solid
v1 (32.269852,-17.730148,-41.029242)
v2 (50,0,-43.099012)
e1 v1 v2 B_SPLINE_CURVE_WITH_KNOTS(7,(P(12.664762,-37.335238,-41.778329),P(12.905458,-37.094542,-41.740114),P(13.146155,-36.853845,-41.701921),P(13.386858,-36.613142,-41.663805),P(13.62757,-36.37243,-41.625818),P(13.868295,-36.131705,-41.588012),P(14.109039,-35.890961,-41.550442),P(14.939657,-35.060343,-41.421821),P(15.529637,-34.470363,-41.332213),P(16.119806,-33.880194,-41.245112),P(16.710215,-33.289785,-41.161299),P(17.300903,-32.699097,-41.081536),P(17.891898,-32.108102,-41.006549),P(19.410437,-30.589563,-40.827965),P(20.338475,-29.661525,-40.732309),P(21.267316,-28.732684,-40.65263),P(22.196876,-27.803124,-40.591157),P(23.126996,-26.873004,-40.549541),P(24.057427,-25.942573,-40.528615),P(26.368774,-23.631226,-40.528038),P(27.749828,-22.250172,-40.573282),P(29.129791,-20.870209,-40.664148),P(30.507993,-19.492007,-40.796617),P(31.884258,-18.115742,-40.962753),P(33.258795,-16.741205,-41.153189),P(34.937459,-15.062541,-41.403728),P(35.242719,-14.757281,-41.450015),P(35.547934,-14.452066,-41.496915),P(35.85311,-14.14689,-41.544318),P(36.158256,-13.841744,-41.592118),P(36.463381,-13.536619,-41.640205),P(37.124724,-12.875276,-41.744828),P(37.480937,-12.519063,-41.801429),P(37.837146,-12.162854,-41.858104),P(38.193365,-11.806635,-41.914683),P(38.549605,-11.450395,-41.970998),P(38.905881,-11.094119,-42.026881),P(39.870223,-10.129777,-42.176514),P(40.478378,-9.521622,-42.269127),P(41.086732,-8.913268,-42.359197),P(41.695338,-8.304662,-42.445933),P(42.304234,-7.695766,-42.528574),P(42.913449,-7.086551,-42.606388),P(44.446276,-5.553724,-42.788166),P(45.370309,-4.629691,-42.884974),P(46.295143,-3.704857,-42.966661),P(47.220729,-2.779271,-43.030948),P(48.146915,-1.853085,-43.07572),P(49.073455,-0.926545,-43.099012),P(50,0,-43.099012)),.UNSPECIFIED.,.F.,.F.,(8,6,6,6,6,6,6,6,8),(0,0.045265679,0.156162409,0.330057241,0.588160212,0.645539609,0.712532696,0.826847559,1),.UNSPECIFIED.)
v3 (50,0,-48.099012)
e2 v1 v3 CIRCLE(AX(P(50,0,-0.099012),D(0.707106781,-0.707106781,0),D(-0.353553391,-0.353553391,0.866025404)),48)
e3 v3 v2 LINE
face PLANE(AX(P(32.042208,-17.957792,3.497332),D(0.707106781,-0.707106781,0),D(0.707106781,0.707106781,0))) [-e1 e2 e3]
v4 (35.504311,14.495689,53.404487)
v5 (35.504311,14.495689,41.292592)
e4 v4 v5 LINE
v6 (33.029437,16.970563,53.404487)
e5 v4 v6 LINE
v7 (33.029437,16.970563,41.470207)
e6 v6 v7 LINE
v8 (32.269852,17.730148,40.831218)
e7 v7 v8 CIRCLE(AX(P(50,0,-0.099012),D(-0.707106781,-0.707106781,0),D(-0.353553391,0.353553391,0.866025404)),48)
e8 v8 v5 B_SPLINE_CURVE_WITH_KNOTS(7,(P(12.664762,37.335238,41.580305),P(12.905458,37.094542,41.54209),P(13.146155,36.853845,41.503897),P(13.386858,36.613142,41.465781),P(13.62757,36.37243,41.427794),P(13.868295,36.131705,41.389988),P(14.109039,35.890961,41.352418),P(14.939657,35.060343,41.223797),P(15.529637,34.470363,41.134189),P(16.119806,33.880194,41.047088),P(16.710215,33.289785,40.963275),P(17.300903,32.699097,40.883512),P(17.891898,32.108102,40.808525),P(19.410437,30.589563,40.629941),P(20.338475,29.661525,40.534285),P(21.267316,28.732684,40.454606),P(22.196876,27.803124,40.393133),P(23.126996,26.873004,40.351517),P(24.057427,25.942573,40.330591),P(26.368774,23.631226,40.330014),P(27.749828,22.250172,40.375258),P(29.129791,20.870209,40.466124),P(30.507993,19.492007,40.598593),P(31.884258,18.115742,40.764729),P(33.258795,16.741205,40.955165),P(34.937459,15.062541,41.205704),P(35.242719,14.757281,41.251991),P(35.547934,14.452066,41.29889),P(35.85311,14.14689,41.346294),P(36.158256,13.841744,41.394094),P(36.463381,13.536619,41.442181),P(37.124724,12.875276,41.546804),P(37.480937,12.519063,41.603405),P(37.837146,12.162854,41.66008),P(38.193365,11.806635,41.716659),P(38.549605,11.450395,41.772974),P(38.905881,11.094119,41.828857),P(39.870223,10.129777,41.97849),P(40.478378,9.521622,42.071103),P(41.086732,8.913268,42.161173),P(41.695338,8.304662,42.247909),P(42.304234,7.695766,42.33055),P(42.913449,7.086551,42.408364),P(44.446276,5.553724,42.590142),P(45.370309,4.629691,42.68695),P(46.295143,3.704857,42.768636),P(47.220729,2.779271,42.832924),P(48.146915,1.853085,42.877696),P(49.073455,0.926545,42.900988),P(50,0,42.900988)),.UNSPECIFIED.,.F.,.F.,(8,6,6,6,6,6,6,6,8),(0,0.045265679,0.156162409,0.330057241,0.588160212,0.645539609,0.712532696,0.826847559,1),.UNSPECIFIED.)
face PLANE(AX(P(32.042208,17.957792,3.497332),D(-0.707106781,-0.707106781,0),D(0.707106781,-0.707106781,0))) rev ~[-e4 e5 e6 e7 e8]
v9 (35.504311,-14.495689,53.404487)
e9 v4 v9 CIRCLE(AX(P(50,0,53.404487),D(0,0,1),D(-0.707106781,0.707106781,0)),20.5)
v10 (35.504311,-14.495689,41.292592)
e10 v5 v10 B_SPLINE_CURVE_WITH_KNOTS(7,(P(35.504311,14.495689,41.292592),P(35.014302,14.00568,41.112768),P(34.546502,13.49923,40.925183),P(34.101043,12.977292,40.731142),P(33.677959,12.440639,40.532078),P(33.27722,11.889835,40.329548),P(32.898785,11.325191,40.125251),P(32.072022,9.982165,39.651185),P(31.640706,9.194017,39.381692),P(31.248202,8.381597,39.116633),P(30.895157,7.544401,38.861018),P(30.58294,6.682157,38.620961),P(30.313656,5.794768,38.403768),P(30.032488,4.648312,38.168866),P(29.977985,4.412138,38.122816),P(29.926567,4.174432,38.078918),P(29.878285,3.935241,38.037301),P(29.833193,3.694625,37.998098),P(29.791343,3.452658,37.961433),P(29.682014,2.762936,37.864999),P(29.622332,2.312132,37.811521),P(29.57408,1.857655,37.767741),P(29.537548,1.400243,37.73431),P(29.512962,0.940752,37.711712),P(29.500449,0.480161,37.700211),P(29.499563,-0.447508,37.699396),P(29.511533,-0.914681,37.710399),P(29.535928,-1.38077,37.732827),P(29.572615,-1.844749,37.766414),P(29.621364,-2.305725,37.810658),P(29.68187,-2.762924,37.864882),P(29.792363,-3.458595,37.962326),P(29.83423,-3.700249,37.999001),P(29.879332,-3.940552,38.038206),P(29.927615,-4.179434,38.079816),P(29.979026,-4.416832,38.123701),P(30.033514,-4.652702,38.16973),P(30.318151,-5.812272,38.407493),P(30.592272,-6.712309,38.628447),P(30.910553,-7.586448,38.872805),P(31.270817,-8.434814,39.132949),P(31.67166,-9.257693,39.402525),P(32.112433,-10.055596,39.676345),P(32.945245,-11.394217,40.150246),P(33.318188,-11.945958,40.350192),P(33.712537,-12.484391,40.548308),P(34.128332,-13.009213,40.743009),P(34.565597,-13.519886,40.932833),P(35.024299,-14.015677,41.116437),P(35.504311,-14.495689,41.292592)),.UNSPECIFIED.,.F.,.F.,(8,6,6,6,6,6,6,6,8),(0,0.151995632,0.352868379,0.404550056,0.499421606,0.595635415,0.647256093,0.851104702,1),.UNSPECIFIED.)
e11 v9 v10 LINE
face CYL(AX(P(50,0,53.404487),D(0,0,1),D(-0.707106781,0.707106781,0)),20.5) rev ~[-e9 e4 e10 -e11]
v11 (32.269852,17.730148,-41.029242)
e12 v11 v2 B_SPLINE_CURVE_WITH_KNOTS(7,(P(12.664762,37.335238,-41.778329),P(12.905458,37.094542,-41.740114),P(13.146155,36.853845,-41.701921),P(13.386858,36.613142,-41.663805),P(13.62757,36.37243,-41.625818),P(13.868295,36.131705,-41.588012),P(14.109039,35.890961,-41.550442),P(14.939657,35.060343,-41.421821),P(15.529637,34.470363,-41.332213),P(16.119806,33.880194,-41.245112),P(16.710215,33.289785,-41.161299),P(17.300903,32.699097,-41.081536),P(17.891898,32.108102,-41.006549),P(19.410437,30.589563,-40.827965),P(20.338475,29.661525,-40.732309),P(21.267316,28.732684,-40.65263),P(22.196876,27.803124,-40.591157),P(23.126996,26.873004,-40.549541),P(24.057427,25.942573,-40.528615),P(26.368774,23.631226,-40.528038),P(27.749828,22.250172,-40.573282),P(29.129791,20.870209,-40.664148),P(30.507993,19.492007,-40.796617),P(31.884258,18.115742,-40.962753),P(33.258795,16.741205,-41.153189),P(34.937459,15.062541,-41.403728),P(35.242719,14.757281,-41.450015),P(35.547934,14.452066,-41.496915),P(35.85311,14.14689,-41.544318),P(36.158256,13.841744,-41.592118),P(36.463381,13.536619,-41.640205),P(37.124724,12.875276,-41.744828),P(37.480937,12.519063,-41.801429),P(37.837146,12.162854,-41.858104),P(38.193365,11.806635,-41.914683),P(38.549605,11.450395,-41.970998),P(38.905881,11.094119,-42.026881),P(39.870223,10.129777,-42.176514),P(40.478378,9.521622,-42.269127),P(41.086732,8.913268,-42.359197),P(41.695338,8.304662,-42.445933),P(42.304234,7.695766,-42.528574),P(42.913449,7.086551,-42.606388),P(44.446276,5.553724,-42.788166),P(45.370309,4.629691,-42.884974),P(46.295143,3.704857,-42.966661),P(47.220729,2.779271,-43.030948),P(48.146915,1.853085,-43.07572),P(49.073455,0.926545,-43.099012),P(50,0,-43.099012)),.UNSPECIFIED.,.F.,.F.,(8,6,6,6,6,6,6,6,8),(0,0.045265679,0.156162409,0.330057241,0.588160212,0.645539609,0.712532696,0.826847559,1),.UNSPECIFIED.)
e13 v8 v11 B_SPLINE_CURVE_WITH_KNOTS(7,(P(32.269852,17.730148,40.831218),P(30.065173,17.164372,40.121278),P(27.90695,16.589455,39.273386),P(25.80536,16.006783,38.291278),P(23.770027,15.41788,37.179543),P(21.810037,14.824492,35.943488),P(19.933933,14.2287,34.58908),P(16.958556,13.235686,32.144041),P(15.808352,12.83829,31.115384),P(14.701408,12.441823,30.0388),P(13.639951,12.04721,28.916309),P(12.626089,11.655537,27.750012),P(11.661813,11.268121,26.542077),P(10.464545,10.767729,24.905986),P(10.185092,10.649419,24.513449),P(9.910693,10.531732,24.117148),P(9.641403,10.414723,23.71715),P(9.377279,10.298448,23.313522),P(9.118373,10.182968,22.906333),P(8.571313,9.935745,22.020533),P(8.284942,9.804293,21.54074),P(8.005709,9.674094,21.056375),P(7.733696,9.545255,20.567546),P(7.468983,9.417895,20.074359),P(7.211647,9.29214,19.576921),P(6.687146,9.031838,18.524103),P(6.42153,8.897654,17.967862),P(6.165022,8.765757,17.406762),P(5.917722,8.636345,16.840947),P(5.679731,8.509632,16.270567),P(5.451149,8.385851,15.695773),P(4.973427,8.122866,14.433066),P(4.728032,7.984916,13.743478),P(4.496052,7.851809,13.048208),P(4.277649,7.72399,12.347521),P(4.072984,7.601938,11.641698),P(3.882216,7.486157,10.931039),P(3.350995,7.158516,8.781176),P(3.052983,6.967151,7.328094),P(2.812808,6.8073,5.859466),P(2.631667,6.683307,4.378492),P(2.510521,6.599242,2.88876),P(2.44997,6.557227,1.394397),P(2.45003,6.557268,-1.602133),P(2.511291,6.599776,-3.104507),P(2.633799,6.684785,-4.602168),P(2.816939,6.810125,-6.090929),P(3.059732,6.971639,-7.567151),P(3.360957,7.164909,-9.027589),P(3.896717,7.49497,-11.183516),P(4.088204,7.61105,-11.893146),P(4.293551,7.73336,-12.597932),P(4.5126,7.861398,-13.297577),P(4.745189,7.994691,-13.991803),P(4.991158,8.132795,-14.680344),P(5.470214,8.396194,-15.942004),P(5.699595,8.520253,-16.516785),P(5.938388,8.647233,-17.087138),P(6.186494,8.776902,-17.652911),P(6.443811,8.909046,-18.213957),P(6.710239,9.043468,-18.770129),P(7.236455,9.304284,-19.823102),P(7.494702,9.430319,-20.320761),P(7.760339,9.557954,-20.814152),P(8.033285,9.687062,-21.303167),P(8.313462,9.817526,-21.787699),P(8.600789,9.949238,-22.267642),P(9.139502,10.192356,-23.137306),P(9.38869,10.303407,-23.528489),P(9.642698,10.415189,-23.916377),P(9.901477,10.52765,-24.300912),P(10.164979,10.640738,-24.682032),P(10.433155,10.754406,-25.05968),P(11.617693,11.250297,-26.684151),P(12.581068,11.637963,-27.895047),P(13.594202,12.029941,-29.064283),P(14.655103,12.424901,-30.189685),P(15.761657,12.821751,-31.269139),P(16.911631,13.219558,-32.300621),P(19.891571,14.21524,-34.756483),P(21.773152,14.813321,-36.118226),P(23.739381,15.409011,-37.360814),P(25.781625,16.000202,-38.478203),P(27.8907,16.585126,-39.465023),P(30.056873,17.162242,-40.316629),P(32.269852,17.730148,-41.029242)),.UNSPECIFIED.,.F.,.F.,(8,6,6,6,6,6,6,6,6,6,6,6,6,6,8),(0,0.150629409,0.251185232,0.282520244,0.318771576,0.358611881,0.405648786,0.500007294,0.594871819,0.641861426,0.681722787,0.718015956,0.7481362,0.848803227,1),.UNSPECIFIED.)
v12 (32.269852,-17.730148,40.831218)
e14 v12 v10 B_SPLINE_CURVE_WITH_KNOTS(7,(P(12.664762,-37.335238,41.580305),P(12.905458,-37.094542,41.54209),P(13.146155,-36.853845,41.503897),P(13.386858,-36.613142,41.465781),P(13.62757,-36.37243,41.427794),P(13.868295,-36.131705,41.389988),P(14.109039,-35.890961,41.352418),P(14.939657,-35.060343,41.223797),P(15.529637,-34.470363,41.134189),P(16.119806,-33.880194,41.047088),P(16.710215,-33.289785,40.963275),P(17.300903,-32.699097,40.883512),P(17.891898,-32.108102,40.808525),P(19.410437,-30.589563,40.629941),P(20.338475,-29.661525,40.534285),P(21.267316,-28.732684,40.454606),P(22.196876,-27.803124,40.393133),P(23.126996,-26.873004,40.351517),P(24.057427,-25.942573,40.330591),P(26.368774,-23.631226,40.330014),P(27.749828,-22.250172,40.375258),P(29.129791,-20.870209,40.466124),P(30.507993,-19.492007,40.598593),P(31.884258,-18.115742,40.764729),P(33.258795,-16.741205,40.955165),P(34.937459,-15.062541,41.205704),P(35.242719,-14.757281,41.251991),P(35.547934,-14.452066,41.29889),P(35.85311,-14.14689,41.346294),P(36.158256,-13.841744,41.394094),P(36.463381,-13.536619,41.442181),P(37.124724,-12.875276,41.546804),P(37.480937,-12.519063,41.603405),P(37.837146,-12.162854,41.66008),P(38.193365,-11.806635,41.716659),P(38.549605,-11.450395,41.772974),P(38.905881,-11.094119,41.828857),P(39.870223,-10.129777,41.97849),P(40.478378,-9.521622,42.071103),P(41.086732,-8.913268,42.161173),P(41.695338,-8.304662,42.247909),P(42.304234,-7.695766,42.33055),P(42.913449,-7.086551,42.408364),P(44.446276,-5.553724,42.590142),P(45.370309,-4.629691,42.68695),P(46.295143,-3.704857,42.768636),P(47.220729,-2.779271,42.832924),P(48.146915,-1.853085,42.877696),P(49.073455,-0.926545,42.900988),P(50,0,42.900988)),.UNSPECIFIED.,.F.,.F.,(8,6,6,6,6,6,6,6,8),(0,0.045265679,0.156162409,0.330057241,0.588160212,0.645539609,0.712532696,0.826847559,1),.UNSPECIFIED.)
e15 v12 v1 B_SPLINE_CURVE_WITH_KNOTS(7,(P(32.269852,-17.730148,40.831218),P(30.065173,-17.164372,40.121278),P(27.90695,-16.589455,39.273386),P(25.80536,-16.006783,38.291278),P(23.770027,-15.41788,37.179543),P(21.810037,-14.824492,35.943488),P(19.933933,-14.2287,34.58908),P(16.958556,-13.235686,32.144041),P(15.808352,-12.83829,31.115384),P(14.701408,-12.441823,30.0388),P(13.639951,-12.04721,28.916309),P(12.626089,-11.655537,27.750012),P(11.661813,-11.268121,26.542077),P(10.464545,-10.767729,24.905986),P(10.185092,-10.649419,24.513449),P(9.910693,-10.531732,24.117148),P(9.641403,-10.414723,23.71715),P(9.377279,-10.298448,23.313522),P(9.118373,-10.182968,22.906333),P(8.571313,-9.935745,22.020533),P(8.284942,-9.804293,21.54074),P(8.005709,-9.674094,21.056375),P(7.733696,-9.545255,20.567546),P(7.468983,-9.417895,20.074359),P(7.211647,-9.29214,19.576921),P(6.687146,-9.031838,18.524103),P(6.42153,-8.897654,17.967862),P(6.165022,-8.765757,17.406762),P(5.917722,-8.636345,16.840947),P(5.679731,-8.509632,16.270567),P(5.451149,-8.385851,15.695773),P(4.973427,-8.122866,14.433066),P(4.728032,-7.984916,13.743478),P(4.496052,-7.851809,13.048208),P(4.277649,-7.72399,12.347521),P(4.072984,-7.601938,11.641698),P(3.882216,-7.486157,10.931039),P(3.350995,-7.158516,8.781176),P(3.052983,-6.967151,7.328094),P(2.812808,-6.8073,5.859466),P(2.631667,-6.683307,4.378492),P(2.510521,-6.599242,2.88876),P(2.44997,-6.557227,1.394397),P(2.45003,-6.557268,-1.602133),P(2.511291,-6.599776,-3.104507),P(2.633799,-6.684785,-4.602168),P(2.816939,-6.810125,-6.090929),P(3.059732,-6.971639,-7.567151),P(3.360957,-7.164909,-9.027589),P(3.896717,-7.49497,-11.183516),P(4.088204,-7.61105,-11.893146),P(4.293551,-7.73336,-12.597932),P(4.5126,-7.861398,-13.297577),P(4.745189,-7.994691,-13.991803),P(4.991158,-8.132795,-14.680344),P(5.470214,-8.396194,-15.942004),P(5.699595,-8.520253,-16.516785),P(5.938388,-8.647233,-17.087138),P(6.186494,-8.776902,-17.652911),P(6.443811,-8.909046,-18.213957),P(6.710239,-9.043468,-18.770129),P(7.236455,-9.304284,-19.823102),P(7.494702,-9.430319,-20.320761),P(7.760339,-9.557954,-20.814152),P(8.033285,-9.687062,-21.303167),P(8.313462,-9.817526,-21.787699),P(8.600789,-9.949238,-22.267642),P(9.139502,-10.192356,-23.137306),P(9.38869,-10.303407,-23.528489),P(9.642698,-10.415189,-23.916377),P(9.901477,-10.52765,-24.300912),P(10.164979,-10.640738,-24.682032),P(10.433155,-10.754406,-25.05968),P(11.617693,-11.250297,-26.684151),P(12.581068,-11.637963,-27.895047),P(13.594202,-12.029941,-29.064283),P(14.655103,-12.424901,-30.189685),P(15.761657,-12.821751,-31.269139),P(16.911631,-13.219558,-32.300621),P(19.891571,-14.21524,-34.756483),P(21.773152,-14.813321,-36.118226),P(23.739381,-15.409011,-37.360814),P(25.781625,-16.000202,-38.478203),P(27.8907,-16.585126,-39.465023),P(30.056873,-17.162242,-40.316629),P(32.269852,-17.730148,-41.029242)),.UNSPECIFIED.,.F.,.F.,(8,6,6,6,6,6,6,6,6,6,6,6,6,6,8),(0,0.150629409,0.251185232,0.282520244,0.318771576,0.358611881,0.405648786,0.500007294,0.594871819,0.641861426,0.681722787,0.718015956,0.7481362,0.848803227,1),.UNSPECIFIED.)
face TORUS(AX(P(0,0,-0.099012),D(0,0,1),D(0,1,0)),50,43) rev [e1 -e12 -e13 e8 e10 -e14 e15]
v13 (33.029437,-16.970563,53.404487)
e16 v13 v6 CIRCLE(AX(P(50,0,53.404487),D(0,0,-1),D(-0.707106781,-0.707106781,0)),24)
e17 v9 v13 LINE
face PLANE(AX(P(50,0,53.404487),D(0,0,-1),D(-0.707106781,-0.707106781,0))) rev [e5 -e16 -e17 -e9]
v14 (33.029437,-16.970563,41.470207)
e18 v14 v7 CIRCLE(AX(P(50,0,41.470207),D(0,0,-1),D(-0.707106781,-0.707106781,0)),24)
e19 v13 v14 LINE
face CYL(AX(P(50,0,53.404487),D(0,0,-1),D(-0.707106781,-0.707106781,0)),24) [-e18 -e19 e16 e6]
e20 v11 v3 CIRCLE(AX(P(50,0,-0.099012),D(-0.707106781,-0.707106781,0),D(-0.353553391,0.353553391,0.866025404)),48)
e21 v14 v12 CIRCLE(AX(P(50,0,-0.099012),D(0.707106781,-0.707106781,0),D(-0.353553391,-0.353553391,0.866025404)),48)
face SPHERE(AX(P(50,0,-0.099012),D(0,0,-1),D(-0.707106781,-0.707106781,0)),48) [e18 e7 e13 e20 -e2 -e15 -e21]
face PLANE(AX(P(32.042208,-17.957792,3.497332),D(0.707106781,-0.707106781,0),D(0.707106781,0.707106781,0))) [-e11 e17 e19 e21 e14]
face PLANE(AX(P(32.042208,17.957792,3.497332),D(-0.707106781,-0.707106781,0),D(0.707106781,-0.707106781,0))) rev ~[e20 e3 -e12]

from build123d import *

# Parameters (mm, degrees)
F1_ANGLE_BACK = 45
F1_ANGLE      = 90
F2_ANGLE_BACK = 90
F2_ANGLE      = 180
F4_DEPTH      = 25


with BuildPart() as f1:
    # F0 (on Front) → F1 (revolve)
    with BuildSketch(Plane.XZ, mode=Mode.PRIVATE) as f1_sk:
        with BuildLine():
            Line((50, 42.9009879801), (50, 53.4044873264))
            Line((50, 53.4044873264), (26, 53.4044873264))
            Line((26, 53.4044873264), (26, 41.4702073618))
            ThreePointArc((26, 41.4702073618), (3.6355603381, -12.5223261848), (50, -48.0990120199))
            Line((50, -48.0990120199), (50, -43.0990120199))
            ThreePointArc((50, -43.0990120199), (7, -0.0990120199), (50, 42.9009879801))
        make_face()
    revolve(f1_sk.sketch.rotate(Axis((50, 0, -0.0990120199), (0, 0, -1)), -F1_ANGLE_BACK), axis=Axis((50, 0, -0.0990120199), (0, 0, -1)), revolution_arc=F1_ANGLE)

    # F0 (on Front) → F2 (revolve, cut)
    with BuildSketch(Plane.XZ, mode=Mode.PRIVATE) as f2_sk:
        with BuildLine():
            Line((50, -43.0990120199), (50, 42.9009879801))
            ThreePointArc((50, 42.9009879801), (7, -0.0990120199), (50, -43.0990120199))
        make_face()
    revolve(f2_sk.sketch.rotate(Axis((0, 0, -0.0990120199), (0, 0, -1)), -F2_ANGLE_BACK), axis=Axis((0, 0, -0.0990120199), (0, 0, -1)), revolution_arc=F2_ANGLE, mode=Mode.SUBTRACT)

    # F3 (on face) → F4 (cut)
    with BuildSketch(Plane.XY.offset(53.4044873264)):
        with BuildLine():
            Line((50, 0), (35.5043109857, 14.4956890143))
            ThreePointArc((35.5043109857, 14.4956890143), (29.5, 0), (35.5043109857, -14.4956890143))
            Line((35.5043109857, -14.4956890143), (50, 0))
        make_face()
    extrude(amount=-F4_DEPTH, mode=Mode.SUBTRACT)


solid = f1.part
